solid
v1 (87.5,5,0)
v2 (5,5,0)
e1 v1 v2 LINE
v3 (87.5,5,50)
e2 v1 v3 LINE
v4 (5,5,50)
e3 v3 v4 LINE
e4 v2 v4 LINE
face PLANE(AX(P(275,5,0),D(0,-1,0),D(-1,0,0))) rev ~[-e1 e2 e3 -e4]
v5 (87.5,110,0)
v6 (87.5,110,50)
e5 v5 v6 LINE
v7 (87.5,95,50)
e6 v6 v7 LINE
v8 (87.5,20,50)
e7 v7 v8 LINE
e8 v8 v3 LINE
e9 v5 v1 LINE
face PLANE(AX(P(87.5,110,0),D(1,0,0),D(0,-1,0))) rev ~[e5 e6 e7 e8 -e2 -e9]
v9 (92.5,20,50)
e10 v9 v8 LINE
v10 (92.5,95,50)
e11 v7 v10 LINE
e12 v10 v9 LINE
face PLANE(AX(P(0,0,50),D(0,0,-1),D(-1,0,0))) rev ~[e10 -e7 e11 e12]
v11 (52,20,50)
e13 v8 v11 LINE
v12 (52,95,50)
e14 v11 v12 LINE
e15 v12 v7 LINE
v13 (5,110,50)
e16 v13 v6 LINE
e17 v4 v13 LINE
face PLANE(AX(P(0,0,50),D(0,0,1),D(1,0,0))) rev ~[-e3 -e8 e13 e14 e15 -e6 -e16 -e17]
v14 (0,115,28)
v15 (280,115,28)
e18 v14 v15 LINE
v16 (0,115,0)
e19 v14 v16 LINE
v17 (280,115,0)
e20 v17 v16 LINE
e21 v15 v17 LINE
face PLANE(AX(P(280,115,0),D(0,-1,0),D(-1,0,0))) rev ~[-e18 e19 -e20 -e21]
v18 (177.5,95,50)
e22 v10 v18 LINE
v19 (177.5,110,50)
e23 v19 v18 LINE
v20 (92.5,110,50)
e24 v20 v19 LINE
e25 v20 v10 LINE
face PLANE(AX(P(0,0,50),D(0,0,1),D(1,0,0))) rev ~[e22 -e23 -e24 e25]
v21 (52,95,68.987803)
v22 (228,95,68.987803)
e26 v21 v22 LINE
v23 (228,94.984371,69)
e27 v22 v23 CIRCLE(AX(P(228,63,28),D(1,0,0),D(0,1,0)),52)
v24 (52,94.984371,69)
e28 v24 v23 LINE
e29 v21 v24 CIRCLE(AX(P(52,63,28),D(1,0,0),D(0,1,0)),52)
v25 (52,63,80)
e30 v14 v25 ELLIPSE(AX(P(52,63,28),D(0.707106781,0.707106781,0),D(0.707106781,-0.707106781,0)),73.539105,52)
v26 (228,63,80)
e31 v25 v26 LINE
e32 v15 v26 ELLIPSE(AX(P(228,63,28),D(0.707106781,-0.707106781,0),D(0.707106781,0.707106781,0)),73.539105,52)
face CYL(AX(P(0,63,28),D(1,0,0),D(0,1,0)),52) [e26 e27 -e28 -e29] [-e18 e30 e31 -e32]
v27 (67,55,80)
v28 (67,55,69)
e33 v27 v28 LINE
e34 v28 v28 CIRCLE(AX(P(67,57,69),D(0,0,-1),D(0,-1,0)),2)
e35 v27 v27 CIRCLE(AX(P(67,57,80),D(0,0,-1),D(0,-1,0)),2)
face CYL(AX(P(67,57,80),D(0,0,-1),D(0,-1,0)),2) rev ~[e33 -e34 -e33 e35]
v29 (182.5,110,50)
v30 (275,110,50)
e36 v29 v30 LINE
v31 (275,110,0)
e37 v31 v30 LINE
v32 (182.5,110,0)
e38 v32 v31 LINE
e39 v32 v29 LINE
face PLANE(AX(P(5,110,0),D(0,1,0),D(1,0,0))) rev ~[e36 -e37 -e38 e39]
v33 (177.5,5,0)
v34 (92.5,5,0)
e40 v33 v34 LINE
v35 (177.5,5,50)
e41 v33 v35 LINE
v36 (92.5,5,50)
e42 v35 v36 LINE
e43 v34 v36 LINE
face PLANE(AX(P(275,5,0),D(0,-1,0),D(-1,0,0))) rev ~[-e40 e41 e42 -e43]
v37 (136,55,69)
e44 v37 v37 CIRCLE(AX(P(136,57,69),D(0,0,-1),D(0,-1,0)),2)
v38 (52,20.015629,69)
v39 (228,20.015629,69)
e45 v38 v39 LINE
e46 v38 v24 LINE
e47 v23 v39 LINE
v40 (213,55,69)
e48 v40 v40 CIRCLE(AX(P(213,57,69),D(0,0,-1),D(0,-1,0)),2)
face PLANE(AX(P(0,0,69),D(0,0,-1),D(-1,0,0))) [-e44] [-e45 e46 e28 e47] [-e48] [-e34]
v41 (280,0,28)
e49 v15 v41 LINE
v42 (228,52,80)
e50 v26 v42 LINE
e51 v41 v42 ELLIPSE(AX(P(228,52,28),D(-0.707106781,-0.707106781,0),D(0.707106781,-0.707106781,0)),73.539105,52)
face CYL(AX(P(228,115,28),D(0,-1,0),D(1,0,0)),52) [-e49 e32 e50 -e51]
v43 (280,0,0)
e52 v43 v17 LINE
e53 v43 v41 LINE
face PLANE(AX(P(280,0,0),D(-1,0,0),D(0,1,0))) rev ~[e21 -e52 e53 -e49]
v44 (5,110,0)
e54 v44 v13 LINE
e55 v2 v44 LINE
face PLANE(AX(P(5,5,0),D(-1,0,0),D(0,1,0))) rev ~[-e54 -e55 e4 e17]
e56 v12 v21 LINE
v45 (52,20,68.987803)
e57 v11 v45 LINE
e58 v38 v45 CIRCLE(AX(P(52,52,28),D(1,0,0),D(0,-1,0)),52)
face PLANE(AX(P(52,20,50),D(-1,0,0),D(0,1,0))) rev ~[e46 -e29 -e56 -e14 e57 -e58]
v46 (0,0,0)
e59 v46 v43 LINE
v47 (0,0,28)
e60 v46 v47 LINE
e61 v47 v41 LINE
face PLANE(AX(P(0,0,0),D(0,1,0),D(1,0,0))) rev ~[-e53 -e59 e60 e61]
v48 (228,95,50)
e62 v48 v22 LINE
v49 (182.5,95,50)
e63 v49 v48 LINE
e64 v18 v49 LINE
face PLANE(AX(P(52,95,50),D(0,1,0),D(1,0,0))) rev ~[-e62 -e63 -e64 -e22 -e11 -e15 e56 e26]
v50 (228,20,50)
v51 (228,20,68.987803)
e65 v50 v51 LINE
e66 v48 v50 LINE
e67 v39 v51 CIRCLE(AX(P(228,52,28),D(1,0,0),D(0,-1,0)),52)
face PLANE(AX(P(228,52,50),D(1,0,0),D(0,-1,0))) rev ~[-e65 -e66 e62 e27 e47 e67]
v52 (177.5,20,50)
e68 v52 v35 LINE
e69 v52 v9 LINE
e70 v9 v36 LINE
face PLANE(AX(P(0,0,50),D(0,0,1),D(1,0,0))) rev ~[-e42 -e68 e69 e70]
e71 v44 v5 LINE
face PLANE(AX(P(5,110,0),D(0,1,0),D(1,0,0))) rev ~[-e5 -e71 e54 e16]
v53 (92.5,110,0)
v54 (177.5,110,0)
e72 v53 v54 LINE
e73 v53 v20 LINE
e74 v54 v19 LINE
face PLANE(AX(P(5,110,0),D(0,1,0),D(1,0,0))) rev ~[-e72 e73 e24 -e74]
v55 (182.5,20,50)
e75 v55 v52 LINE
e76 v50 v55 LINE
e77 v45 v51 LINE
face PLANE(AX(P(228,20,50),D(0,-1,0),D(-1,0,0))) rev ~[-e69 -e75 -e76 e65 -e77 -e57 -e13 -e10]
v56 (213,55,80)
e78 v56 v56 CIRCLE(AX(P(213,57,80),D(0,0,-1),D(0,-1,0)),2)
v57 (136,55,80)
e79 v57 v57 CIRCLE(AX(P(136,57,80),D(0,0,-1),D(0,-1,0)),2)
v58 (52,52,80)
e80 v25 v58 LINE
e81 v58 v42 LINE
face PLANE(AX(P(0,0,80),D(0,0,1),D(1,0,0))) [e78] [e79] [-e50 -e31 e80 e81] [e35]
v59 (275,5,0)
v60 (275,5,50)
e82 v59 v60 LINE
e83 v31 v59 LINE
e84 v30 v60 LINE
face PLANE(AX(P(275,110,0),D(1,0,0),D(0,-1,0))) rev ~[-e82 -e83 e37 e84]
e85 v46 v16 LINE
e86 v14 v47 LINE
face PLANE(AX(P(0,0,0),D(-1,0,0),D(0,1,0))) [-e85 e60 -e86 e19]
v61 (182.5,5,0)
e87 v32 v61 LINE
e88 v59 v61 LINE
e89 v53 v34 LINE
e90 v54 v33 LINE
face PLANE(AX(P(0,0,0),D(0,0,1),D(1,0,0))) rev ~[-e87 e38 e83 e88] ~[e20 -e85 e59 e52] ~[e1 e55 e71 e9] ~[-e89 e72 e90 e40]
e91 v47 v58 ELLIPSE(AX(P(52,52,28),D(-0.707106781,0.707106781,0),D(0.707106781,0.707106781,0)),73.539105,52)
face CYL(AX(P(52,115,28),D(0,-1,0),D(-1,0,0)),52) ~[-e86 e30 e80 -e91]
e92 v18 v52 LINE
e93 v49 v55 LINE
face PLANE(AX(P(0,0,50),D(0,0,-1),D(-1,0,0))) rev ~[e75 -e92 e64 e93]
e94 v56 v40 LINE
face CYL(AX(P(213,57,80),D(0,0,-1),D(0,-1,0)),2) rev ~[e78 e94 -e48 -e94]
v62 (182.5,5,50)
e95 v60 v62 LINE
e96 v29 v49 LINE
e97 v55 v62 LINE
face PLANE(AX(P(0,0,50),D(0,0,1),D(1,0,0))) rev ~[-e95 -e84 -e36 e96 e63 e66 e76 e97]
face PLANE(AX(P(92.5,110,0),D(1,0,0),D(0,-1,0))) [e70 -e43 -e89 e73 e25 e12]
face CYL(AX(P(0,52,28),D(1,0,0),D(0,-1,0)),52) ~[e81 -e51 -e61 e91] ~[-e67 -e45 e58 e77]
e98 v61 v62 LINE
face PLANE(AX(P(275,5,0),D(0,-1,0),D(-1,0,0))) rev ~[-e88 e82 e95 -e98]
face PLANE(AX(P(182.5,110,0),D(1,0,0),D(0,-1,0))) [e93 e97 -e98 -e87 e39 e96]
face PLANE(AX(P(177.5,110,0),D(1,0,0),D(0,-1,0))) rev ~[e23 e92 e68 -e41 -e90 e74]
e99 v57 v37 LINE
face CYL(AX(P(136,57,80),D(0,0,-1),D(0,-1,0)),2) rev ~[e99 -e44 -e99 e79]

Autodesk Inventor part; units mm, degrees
ref_plane "YZ Plane" through (0, 0, 0) normal (1, 0, 0) x (0, 1, 0)
ref_plane "XZ Plane" through (0, 0, 0) normal (0, 1, 0) x (-1, 0, 0)
ref_plane "XY Plane" through (0, 0, 0) normal (0, 0, 1) x (1, 0, 0)
sketch "Skizze1" plane through (0, 0, 0) normal (0, 0, 1) x (1, 0, 0)
  line L0 (-56, 0) -> (336, 0) projected
  line L1 (0, -23) -> (0, 138) projected
  line L2 (0, 0) -> (280, 0)
  line L3 (280, 0) -> (280, 115)
  line L4 (280, 115) -> (0, 115)
  line L5 (0, 115) -> (0, 0)
  line L6 (5, 110) -> (275, 110)
  line L7 (275, 110) -> (275, 5)
  line L8 (275, 5) -> (5, 5)
  line L9 (5, 5) -> (5, 110)
  point P0 (0, 115)
  dimension "d0" = 280
  dimension "d1" = 115
  dimension "d2" = 5
  dimension "d3" = 5
  dimension "d4" = 5
  dimension "d5" = 5
extrude "Extrusion1" add sketch "Skizze1" along normal blind 50
sketch "Skizze2" plane through (0, 0, 50) normal (0, 0, 1) x (1, 0, 0)
  point P0 (0, 0)
sketch "Skizze3" plane through (0, 0, 50) normal (0, 0, 1) x (1, 0, 0)
  line L0 (0, 115) -> (0, 0) projected
  line L1 (0, 0) -> (280, 0) projected
  line L2 (0, 115) -> (280, 115)
  line L3 (280, 115) -> (280, 0)
  line L4 (280, 0) -> (0, 0)
  line L5 (0, 0) -> (0, 115)
  line L6 (280, 115) -> (0, 115) projected
  line L7 (280, 0) -> (0, 0)
  line L8 (0, 0) -> (0, 115)
  line L9 (0, 115) -> (280, 115)
  line L10 (280, 115) -> (280, 0)
extrude "Extrusion2" add sketch "Skizze3" along normal blind 30
fillet "Rundung1" radius 52 4 edges at (140, 115, 80) (140, 0, 80) (0, 57.5, 80) (280, 57.5, 80)
sketch "Skizze5" plane through (0, 0, 0) normal (0, 0, -1) x (-1, 0, 0)
  line L0 (-5, 110) -> (-275, 110) projected
  line L1 (-182.5, 110) -> (-182.5, 5)
  line L2 (-275, 5) -> (-5, 5) projected
  line L3 (-92.5, 110) -> (-92.5, 5)
  line L4 (-275, 110) -> (-275, 5) projected
  line L5 (-177.5, 110) -> (-177.5, 5)
  line L6 (-87.5, 110) -> (-87.5, 5)
  point P0 (0, 0)
  dimension "d11" = 92.5
  dimension "d12" = 182.5
  dimension "d13" = 5
  dimension "d14" = 5
extrude "Extrusion3" add sketch "Skizze5" against normal blind 50 contours L6 L2 L3 L0 | L5 L2 L1 L0
sketch "Skizze6" plane through (0, 0, 80) normal (0, 0, 1) x (1, 0, 0)
  line L0 (52, 52) -> (52, 63) projected
  line L1 (228, 63) -> (228, 52) projected
  line L2 (177.5, 110) -> (177.5, 5) projected
  line L3 (52, 63) -> (228, 63) projected
  point P0 (0, 0)
  point P1 (67, 57)
  point P2 (136, 57)
  point P3 (213, 57)
  dimension "d17" = 15
  dimension "d18" = 15
  dimension "d19" = 41.5
  dimension "d20" = 6
  dimension "d21" = 6
  dimension "d22" = 6
hole "Bohrung1" at (67, 57, 80) at (136, 57, 80) at (213, 57, 80) direction (0, 0, -1) diameter 4 end through all
sketch "Skizze8" plane through (0, 0, 50) normal (0, 0, -1) x (-1, 0, 0)
  line L0 (-52, 95) -> (-228, 95)
  line L1 (-228, 95) -> (-228, 20)
  line L2 (-228, 20) -> (-52, 20)
  line L3 (-52, 20) -> (-52, 95)
  line L4 (-228, 63) -> (-228, 52) projected
  line L5 (-52, 52) -> (-52, 63) projected
  line L6 (-92.5, 110) -> (-177.5, 110) projected
  line L7 (-177.5, 5) -> (-92.5, 5) projected
  point P0 (0, 0)
  dimension "d30" = 0
  dimension "d31" = 0
  dimension "d32" = 15
  dimension "d33" = 15
extrude "Extrusion4" cut sketch "Skizze8" against normal blind 19
properties part number "DeckelKoch" material "Polyaryletherketon-Kunststoff"
